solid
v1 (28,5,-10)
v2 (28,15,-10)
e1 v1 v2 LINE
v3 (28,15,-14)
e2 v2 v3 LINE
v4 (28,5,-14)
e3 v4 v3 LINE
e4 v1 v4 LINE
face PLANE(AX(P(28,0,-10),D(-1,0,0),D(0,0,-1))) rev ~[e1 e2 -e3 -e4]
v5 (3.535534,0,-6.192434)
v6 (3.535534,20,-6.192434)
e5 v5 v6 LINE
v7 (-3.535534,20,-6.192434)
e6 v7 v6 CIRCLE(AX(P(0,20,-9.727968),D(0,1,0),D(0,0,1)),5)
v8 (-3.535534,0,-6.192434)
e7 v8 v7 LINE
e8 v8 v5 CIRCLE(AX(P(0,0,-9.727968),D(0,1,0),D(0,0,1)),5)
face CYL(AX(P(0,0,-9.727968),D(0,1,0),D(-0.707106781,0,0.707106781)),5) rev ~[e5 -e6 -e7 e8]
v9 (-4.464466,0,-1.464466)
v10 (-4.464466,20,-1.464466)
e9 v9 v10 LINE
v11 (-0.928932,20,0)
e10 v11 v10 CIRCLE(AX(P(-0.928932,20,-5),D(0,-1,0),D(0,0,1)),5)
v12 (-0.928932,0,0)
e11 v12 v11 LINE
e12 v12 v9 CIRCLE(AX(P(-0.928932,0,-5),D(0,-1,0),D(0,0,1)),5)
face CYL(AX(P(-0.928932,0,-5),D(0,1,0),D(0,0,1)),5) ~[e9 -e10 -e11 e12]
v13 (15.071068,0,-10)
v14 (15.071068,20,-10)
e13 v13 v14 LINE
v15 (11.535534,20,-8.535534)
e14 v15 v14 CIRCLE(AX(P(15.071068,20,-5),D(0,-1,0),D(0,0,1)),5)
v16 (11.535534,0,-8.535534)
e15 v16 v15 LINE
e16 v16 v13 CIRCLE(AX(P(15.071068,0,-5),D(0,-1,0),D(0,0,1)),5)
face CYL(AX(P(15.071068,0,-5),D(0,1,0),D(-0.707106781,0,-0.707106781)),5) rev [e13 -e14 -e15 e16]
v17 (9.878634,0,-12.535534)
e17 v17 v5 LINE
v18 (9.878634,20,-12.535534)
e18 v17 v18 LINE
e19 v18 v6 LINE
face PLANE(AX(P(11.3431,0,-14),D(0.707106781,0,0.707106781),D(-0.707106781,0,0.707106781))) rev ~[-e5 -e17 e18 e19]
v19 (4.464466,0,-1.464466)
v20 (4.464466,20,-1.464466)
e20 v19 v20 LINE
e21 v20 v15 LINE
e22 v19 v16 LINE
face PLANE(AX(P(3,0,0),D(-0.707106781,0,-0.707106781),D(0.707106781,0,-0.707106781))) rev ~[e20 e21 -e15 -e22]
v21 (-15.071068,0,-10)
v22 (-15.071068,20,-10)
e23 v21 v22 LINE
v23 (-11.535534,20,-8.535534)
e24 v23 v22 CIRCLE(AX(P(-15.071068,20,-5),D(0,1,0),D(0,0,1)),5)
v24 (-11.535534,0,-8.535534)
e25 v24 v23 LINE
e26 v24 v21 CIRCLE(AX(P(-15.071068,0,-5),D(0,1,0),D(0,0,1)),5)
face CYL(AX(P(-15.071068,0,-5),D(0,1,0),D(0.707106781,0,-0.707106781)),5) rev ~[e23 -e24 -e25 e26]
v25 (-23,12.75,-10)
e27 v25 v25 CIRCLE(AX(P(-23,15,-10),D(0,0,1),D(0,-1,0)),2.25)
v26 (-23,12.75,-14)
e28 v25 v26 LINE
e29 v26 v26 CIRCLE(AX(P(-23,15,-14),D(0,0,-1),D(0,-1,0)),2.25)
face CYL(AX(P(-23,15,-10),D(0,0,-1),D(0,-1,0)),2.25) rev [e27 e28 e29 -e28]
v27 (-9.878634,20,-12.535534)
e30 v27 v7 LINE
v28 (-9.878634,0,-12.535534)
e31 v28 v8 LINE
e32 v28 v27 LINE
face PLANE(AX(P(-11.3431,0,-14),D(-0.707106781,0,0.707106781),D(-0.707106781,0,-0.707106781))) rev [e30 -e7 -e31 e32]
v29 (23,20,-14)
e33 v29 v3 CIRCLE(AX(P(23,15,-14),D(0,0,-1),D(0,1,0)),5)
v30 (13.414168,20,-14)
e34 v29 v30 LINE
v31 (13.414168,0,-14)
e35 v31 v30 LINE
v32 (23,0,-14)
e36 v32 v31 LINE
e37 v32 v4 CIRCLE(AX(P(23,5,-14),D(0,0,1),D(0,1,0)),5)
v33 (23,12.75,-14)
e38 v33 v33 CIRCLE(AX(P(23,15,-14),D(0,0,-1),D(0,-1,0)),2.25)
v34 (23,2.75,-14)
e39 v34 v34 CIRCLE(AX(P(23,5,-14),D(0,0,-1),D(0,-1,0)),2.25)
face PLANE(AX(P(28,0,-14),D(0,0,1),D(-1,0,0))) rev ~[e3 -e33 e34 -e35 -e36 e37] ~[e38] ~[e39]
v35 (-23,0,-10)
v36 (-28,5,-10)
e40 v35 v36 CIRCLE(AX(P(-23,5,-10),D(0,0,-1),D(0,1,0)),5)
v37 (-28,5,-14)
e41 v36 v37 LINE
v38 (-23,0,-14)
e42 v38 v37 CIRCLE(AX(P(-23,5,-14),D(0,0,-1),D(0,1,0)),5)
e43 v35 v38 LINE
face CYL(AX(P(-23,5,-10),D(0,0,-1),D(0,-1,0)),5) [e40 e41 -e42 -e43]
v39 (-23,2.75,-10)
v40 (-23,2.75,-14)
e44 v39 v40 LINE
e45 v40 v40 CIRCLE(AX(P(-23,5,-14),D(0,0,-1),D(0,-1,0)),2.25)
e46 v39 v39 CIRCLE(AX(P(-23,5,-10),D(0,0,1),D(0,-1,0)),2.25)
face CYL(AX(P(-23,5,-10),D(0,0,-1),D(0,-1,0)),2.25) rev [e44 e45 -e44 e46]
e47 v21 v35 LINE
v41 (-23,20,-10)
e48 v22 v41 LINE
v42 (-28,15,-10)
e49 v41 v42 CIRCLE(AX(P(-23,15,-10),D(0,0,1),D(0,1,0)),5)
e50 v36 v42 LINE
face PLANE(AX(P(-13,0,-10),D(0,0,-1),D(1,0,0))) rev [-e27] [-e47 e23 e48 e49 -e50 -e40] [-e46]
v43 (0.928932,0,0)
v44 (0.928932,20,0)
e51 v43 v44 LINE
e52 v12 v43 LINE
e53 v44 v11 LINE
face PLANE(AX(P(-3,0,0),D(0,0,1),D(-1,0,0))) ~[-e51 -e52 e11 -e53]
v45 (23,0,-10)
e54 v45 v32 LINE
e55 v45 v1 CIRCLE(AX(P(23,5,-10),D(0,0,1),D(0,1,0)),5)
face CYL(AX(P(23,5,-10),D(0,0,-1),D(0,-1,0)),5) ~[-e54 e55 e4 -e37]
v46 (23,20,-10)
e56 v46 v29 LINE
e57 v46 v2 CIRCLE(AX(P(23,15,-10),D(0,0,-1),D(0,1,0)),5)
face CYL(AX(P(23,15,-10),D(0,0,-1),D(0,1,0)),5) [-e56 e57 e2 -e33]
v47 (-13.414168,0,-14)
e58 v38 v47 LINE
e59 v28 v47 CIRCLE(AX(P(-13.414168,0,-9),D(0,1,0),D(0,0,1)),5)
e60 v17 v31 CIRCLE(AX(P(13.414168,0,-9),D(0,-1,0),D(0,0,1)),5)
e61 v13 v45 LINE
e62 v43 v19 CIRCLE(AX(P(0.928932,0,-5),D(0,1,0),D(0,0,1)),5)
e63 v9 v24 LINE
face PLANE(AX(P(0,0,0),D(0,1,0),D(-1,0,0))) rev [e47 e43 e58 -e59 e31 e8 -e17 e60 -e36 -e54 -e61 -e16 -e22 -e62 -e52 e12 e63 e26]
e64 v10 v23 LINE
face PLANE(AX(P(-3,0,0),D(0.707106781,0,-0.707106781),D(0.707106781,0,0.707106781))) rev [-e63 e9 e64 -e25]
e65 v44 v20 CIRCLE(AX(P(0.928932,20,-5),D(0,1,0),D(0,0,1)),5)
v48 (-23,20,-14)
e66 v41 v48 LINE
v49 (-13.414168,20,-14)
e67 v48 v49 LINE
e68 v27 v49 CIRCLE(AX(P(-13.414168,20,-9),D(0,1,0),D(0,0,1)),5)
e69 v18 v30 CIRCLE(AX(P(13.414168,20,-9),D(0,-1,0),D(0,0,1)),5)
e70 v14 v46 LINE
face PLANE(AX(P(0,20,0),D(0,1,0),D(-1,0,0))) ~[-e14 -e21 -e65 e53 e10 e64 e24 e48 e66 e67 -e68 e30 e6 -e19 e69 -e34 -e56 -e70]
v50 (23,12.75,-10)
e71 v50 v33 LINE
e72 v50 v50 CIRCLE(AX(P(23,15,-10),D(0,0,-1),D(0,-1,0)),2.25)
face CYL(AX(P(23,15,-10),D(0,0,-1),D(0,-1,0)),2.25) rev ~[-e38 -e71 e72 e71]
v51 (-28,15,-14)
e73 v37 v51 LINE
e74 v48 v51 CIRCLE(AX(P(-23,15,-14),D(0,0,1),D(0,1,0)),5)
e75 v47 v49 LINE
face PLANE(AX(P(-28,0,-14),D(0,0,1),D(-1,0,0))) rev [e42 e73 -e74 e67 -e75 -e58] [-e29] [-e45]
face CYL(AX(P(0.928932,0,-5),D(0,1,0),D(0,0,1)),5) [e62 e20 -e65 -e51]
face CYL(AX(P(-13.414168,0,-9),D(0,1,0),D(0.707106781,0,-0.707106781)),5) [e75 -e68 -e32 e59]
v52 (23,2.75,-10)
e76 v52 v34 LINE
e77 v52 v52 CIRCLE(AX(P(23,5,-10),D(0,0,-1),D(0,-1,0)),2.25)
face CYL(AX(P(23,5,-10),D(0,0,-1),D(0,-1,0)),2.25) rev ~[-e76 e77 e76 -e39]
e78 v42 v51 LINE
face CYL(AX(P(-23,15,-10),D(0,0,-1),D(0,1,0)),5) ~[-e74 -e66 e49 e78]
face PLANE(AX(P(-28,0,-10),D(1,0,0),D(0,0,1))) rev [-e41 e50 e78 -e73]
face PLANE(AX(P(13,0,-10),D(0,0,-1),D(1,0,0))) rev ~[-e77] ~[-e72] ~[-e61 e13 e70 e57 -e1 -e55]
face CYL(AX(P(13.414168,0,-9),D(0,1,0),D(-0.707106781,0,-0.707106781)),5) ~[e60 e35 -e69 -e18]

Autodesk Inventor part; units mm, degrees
ref_plane "YZ Plane" through (0, 0, 0) normal (1, 0, 0) x (0, 1, 0)
ref_plane "XZ Plane" through (0, 0, 0) normal (0, 1, 0) x (-1, 0, 0)
ref_plane "XY Plane" through (0, 0, 0) normal (0, 0, 1) x (1, 0, 0)
sketch "Sketch1" plane through (0, 0, 0) normal (0, 1, 0) x (-1, 0, 0)
  line L0 (-3, 0) -> (-13, -10)
  line L1 (-13, -10) -> (-28, -10)
  line L2 (-28, -14) -> (-11.3431, -14)
  line L3 (-11.3431, -14) -> (0, -2.6569)
  line L4 (-28, -10) -> (-28, -14)
  line L5 (-3, 0) -> (0, 0)
  line L6 (0, 0) -> (0, -2.6569)
  dimension "d7" = 15
  dimension "d9" = 4
  dimension "d38" = 10
  dimension "d39" = 4
extrude "Extrusion1" add sketch "Sketch1" along normal blind 20
sketch "Sketch4" plane through (13, 0, -10) normal (0, 0, 1) x (1, 0, 0)
  line L0 (0, 20) -> (15, 20) projected
  line L1 (15, 0) -> (15, 20) projected
  point P0 (-13, 0)
  point P1 (10, 15)
  point P2 (10, 5)
  dimension "d28" = 5
  dimension "d29" = 10
  dimension "d40" = 5
hole "Hole3" at (23, 15, -10) at (23, 5, -10) direction (0, 0, -1) diameter 4.5 end through all clearance for "Flat Head Machine Screw" size "M4" standard "Ansi Metric M Profile"
fillet "Fillet4" radius 5 5 edges at (28, 20, -12) (28, 0, -12) (11.3431, 10, -14) (13, 10, -10) (3, 10, 0)
mirror "Mirror3" about plane through (0, 0, -2.6569) normal (-1, 0, 0) of "Extrusion1", "Fillet4", "Hole3"
fillet "Fillet5" radius 5 1 edges at (0, 10, -2.6569)
properties part number "clip_cover"
